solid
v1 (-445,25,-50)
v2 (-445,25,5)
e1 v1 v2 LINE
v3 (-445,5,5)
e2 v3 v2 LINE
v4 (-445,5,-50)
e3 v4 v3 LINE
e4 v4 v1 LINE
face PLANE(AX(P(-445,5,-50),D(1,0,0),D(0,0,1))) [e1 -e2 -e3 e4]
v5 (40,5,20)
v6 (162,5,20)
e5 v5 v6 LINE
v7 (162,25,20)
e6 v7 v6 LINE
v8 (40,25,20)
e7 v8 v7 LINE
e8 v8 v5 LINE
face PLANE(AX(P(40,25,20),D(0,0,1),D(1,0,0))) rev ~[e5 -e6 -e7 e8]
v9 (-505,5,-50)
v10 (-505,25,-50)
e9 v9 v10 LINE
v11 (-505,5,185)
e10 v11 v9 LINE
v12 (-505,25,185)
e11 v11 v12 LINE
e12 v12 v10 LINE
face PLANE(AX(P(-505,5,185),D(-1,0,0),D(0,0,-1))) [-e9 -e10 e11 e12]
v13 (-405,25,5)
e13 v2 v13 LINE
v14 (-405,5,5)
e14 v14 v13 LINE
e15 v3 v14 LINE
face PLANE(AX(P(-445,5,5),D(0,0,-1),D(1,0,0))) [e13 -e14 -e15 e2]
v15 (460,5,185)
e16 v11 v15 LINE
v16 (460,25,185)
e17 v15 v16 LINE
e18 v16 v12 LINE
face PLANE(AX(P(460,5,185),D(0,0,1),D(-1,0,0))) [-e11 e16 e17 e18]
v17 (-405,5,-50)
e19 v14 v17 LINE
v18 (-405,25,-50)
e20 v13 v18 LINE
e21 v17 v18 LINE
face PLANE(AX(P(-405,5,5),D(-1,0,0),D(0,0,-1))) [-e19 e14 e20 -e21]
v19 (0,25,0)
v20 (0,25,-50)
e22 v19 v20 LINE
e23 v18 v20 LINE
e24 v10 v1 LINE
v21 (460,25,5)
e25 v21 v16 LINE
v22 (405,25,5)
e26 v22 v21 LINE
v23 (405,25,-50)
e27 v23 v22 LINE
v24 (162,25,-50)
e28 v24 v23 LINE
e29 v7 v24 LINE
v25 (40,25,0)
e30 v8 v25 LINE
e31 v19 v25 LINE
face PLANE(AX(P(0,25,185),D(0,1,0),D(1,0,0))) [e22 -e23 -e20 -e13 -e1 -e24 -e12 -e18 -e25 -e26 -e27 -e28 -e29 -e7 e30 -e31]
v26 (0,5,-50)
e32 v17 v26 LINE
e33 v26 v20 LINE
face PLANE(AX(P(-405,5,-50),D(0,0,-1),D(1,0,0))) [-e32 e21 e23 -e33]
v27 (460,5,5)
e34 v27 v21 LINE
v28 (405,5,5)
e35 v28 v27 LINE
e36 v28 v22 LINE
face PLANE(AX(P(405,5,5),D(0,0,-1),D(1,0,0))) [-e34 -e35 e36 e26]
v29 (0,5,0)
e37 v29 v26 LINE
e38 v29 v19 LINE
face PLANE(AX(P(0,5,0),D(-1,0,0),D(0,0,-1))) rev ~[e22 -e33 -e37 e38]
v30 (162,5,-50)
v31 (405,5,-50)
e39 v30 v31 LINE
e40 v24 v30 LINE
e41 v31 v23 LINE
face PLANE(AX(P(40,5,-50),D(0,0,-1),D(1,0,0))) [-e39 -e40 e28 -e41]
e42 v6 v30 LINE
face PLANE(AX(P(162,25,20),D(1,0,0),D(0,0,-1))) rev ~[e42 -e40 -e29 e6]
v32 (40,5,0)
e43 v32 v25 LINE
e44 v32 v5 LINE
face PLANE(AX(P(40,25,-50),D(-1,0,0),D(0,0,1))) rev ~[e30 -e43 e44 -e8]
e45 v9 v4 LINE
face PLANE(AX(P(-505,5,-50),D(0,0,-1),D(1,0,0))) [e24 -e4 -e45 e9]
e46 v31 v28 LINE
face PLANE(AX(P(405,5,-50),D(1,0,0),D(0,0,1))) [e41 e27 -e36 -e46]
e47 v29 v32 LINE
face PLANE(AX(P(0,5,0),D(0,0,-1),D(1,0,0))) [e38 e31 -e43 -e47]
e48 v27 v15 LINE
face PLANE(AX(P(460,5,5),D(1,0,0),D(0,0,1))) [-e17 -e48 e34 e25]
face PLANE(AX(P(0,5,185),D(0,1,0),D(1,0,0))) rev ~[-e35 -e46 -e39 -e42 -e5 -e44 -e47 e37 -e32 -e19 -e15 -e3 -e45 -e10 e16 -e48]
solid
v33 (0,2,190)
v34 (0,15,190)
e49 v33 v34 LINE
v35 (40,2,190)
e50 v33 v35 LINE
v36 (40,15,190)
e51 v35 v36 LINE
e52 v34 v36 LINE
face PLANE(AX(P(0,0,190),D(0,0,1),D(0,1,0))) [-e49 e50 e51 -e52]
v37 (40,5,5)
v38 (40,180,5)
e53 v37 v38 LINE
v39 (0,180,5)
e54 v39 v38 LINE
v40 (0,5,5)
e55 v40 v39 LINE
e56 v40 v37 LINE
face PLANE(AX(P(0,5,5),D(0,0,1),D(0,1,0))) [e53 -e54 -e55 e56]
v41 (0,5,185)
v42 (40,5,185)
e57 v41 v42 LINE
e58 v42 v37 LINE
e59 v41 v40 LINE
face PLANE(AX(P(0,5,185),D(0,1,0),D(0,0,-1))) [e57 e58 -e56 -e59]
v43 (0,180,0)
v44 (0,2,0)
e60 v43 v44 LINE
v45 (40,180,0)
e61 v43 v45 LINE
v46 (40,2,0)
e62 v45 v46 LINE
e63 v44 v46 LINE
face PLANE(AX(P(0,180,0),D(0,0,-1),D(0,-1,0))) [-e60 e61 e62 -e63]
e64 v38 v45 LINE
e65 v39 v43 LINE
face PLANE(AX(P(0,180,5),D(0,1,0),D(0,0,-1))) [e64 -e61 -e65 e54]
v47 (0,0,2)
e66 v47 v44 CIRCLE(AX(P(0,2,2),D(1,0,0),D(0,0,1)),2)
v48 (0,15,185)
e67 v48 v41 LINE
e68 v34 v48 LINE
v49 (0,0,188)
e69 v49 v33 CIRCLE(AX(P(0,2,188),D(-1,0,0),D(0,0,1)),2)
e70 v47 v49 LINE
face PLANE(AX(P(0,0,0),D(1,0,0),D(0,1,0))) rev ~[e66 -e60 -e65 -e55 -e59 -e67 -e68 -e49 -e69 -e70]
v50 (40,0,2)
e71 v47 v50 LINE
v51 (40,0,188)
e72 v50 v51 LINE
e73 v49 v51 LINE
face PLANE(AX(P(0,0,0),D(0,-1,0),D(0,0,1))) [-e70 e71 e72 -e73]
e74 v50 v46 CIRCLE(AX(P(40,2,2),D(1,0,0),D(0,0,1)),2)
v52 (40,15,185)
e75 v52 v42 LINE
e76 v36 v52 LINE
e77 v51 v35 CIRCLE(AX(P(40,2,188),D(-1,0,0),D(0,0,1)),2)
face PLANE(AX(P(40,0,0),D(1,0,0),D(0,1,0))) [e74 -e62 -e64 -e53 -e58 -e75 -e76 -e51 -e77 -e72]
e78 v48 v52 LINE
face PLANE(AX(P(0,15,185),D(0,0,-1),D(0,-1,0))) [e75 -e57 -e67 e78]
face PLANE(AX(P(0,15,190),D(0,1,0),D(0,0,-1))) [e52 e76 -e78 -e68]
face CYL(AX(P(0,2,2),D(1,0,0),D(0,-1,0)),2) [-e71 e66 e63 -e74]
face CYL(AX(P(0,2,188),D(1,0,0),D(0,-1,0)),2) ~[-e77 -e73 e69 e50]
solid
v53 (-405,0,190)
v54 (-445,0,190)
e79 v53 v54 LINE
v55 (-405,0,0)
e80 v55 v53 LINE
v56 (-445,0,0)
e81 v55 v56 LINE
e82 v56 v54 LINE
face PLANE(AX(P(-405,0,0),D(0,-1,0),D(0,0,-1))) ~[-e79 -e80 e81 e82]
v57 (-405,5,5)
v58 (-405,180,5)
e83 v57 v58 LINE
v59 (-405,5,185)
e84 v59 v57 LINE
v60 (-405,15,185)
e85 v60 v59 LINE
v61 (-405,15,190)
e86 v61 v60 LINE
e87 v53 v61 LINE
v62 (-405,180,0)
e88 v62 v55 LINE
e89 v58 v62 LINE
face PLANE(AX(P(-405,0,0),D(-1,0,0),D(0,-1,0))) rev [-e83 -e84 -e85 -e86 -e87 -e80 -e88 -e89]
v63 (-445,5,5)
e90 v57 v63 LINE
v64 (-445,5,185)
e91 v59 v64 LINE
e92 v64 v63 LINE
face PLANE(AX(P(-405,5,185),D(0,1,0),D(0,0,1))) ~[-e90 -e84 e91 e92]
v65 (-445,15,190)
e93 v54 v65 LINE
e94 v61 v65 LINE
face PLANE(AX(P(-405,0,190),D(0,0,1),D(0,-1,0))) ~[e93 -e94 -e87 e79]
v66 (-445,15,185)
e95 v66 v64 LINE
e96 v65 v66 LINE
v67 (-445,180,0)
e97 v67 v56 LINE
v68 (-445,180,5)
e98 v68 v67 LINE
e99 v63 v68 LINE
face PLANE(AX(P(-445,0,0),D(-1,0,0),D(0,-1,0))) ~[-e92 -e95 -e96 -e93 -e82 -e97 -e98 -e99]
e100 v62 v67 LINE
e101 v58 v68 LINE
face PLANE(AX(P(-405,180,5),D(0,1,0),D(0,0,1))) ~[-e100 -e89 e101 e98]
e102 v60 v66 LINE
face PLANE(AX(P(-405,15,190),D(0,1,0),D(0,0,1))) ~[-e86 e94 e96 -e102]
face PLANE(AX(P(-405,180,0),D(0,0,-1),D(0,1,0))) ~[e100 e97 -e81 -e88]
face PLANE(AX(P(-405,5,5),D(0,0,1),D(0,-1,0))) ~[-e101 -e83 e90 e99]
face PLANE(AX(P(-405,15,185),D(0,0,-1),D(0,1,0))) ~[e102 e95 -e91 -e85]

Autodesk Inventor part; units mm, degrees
ref_plane "YZ Plane" through (0, 0, 0) normal (1, 0, 0) x (0, 1, 0)
ref_plane "XZ Plane" through (0, 0, 0) normal (0, 1, 0) x (-1, 0, 0)
sketch "Sketch1" plane through (0, 0, 0) normal (1, 0, 0) x (0, 1, 0)
  line L0 (0, 0) -> (0, 190)
  line L1 (0, 190) -> (15, 190)
  line L2 (15, 190) -> (15, 185)
  line L3 (15, 185) -> (5, 185)
  line L4 (5, 185) -> (5, 5)
  line L5 (5, 5) -> (180, 5)
  line L6 (180, 5) -> (180, 0)
  line L7 (180, 0) -> (0, 0)
  line L8 (5, 95) -> (0, 95) construction
  dimension "d0" = 190
  dimension "d1" = 15
  dimension "d2" = 180
  dimension "d3" = 5
extrude "Extrusion1" add sketch "Sketch1" along normal blind 40
fillet "Fillet1" radius 2 2 edges at (20, 0, 190) (20, 0, 0)
sketch "Sketch2" plane through (0, 5, 185) normal (0, 1, 0) x (1, 0, 0)
  line L0 (460, 0) -> (-505, 0)
  line L1 (-505, 0) -> (-505, 235)
  line L2 (-505, 235) -> (460, 235)
  line L3 (460, 235) -> (460, 0)
  line L4 (0, 0) -> (40, 0) projected
  line L5 (40, 180) -> (40, 0) projected
  line L6 (-405, 235) -> (-405, 0) construction
  line L7 (0, 180) -> (0, 0) construction
  line L8 (-445, 235) -> (-445, 0) construction
  line L9 (-445, 180) -> (-405, 180)
  line L10 (-445, 235) -> (-445, 180)
  line L11 (-405, 180) -> (-405, 235)
  line L12 (0, 185) -> (40, 185)
  line L13 (0, 180) -> (40, 180) projected
  line L14 (0, 180) -> (40, 180)
  line L15 (40, 180) -> (40, 235)
  line L16 (0, 180) -> (0, 235)
  line L17 (405, 235) -> (405, 180)
  line L18 (405, 180) -> (460, 180)
  dimension "d8" = 420
  dimension "d9" = 405
  dimension "d10" = 40
  dimension "d11" = 60
  dimension "d14" = 50
  dimension "d15" = 55
  dimension "d16" = 55
extrude "Extrusion2" add sketch "Sketch2" along normal blind 20 separate body contours L0 L5 L15 L2 L17 L18 L3 | L0 L1 L2 L10 L9 L11 L16 L13 L5 | L13 L16 L12 L15
ref_plane "Work Plane1" through (-202.5, 5, -50) normal (-1, 0, 0) x (0, 0, 1)
mirror "Mirror1" about plane through (-202.5, 5, -50) normal (-1, 0, 0) of "Extrusion1" bodies 1
sketch "Sketch3" plane through (-227.623, 25, 187.9845) normal (0, 1, 0) x (1, 0, 0)
  line L0 (267.623, 182.9845) -> (267.623, 2.9845) projected
  line L1 (267.623, 182.9845) -> (267.623, 167.9845)
  line L2 (267.623, 167.9845) -> (389.623, 167.9845)
  line L3 (389.623, 167.9845) -> (389.623, 237.9845)
  line L4 (632.623, 237.9845) -> (267.623, 237.9845) projected
  line L5 (267.623, 237.9845) -> (267.623, 182.9845)
  line L6 (267.623, 237.9845) -> (389.623, 237.9845)
  dimension "d22" = 15
  dimension "d23" = 122
extrude "Extrusion3" cut sketch "Sketch3" against normal blind 20 bodies 2
properties part number "BottomShelf"
